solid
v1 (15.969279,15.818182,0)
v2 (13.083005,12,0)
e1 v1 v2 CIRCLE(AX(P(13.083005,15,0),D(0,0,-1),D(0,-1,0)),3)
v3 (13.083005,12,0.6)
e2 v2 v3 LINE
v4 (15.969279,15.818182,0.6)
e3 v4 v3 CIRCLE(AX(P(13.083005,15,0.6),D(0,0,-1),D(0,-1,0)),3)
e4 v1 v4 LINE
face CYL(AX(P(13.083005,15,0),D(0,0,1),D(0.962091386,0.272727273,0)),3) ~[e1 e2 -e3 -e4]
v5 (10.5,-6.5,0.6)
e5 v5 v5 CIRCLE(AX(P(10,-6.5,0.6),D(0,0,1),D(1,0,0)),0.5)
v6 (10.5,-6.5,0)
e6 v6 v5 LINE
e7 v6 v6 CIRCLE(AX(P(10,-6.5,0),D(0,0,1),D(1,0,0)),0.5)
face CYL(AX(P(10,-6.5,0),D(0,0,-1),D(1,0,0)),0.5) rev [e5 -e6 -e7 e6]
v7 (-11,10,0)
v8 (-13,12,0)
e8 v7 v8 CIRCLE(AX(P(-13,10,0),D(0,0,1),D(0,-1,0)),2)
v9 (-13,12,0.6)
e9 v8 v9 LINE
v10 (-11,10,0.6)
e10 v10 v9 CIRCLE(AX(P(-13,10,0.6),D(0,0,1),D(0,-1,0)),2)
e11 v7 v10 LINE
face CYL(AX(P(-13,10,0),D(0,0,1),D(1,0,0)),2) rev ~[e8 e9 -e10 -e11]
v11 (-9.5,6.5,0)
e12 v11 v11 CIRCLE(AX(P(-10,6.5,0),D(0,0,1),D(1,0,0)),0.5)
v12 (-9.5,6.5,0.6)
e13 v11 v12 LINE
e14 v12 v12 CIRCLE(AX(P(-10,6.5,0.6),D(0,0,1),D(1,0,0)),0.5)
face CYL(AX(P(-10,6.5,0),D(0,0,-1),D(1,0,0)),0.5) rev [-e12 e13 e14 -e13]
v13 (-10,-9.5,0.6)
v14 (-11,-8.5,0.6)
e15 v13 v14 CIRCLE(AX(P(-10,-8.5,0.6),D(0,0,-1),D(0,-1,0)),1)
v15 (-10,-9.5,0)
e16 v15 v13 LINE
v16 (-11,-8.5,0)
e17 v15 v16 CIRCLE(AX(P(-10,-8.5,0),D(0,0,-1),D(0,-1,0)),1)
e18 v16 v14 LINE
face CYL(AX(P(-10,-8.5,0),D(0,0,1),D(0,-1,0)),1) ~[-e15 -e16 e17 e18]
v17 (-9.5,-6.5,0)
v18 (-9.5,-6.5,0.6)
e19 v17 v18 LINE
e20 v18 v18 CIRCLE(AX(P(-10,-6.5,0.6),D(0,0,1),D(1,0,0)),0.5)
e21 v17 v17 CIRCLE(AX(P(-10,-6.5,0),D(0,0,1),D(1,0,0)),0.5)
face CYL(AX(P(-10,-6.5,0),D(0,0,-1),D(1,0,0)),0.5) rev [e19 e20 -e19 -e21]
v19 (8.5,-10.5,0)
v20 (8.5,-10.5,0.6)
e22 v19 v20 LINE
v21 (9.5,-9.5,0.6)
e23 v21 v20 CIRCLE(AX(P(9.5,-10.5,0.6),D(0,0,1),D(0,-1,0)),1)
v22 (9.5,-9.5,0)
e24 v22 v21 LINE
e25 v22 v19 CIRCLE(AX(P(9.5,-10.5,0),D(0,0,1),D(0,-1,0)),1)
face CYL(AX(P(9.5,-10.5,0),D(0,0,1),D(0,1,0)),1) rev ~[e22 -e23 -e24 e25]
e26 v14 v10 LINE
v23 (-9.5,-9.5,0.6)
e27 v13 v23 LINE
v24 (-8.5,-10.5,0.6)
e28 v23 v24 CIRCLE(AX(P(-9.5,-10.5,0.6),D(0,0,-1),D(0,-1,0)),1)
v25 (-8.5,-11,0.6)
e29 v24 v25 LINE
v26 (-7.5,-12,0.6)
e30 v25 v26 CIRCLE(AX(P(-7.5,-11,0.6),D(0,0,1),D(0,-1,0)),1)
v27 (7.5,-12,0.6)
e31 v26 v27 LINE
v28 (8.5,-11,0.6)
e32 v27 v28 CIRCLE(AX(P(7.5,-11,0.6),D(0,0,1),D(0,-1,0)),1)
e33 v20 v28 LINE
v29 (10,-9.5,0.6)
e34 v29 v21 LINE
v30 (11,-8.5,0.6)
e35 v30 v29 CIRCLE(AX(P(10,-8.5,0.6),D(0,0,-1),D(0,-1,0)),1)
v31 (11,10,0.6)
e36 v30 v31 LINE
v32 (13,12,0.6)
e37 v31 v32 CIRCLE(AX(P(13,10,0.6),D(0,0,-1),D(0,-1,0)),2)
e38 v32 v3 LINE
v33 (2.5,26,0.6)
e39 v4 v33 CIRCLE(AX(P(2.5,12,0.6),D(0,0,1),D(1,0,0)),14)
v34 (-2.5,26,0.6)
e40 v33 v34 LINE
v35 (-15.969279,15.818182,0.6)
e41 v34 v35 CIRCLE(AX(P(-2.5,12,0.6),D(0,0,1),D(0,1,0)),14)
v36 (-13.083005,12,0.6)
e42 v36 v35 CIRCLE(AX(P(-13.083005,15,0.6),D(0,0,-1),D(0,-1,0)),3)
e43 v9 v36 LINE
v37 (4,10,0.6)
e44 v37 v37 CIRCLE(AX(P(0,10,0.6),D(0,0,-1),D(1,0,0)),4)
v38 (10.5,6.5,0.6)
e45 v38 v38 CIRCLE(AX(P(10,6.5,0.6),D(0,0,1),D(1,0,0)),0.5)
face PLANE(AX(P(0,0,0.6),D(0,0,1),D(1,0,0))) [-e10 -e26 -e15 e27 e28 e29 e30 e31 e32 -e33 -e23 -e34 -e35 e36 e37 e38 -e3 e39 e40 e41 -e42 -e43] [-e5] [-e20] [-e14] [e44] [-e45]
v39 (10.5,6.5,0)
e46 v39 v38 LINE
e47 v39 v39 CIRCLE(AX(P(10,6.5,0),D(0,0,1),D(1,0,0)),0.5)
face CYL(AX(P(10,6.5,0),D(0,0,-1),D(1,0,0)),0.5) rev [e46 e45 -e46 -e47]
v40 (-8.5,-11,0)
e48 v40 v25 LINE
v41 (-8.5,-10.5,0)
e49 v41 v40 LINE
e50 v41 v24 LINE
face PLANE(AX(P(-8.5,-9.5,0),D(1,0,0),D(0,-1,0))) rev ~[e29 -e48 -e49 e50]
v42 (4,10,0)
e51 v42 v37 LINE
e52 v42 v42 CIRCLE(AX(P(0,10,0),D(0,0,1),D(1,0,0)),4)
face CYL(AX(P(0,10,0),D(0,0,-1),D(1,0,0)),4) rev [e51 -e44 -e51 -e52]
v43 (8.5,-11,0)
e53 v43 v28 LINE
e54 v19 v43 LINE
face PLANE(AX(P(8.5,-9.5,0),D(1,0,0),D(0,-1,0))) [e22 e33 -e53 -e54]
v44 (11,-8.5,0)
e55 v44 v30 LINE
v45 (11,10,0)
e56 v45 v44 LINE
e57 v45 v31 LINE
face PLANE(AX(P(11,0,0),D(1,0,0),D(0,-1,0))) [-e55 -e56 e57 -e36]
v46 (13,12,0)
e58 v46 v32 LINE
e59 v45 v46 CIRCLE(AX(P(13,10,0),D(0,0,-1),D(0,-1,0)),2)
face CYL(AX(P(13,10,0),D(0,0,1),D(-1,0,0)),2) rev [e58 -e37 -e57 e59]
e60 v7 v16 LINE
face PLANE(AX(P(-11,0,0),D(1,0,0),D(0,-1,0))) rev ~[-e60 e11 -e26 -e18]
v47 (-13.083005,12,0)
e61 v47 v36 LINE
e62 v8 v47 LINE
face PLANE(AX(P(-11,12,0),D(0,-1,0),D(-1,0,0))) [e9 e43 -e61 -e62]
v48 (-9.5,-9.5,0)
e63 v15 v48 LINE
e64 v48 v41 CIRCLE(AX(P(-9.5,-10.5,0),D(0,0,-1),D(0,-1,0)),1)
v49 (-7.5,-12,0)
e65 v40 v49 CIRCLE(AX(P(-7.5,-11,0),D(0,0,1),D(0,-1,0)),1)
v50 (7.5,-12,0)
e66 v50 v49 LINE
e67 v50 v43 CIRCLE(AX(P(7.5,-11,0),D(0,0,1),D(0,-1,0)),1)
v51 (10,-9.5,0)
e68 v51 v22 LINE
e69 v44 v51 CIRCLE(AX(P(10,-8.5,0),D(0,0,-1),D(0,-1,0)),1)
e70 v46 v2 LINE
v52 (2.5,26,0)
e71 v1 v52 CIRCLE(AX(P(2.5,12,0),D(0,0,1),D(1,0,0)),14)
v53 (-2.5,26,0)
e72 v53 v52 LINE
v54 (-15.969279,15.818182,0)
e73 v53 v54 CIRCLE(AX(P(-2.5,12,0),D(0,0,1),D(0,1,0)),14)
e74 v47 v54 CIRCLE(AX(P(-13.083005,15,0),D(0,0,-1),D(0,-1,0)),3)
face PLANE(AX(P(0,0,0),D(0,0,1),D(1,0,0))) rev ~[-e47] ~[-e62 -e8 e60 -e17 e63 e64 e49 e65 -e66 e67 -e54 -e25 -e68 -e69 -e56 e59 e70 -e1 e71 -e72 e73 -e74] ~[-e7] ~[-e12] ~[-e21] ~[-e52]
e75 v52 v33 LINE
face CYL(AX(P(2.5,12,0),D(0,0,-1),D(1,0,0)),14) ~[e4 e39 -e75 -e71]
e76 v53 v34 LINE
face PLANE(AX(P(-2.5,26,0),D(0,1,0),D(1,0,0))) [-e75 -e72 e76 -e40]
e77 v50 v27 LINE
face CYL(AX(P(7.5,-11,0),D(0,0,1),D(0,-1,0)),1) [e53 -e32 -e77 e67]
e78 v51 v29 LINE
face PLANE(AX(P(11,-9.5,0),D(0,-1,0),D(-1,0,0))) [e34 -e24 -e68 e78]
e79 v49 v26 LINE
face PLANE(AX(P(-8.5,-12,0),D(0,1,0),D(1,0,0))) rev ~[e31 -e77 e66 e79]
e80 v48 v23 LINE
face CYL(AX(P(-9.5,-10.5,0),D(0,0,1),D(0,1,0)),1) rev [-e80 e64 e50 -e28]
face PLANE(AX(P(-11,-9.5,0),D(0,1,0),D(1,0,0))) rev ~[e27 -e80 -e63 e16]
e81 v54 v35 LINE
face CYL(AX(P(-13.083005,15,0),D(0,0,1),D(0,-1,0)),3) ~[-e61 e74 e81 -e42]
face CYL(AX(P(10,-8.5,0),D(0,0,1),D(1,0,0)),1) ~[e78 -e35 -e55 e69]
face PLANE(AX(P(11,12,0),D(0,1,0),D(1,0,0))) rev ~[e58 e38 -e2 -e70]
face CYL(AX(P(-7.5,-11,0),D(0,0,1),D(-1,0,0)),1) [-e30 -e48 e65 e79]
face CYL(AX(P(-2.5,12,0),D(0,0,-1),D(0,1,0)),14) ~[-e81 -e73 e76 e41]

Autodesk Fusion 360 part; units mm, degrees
sketch "スケッチ1" plane through (0, 0, 0) normal (0, 0, 1) x (1, 0, 0)
  line L0 (0, 0) -> (-11, 0)
  line L1 (-11, 0) -> (-11, 12)
  line L2 (-11, 12) -> (0, 12)
  line L3 (0, 12) -> (0, 0)
  line L4 (0, 0) -> (11, 0)
  line L5 (11, 0) -> (11, 12)
  line L6 (11, 12) -> (0, 12)
  line L7 (0, 12) -> (0, 0)
  line L8 (0, 0) -> (-11, 0)
  line L9 (-11, 0) -> (-11, -9.5)
  line L10 (-11, -9.5) -> (0, -9.5)
  line L11 (0, -9.5) -> (0, 0)
  line L12 (0, 0) -> (11, 0)
  line L13 (11, 0) -> (11, -9.5)
  line L14 (11, -9.5) -> (0, -9.5)
  line L15 (0, -9.5) -> (0, 0)
  line L16 (0, -9.5) -> (-8.5, -9.5)
  line L17 (-8.5, -9.5) -> (-8.5, -12)
  line L18 (-8.5, -12) -> (0, -12)
  line L19 (0, -12) -> (0, -9.5)
  line L20 (0, -9.5) -> (8.5, -9.5)
  line L21 (8.5, -9.5) -> (8.5, -12)
  line L22 (8.5, -12) -> (0, -12)
  line L23 (0, -12) -> (0, -9.5)
  line L24 (-11, 12) -> (-16.5, 12)
  line L25 (11, 12) -> (16.5, 12)
  arc A0 (-2.5, 26) -> (-16.5, 12) centre (-2.5, 12) ccw
  arc A1 (16.5, 12) -> (2.5, 26) centre (2.5, 12) ccw
  line L26 (-2.5, 26) -> (2.5, 26)
  circle A2 centre (-10, 6.5) radius 0.5
  circle A3 centre (-10, -6.5) radius 0.5
  circle A4 centre (10, -6.5) radius 0.5
  circle A5 centre (10, 6.5) radius 0.5
  line L27 (0, 12) -> (0, 26)
  circle A6 centre (0, 10) radius 4
  dimension "d1" = 5.5
  dimension "d2" = 11
  dimension "d3" = 12
  dimension "d4" = 26
  dimension "d5" = 1
  dimension "d6" = 6.5
  dimension "d7" = 3
  dimension "d8" = 2.5
  dimension "d9" = 2.5
  dimension "d18" = 1
  dimension "d19" = 10
  dimension "d21" = 8
extrude "押し出し1" add sketch "スケッチ1" along normal blind 0.6 contours L0 L8 L9 L10 L11 L15 L16 | L0 L1 L2 L3 L7 L8 A6 | L3 L4 L5 L6 L7 L12 A6 | L4 L11 L12 L13 L14 L15 L20 | L10 L16 L17 L18 L19 L23 | L14 L19 L20 L21 L22 L23 | L2 L24 A0 L26 L27 A6 | L6 L25 A1 L26 L27 A6
fillet "フィレット1" radius 3 2 edges at (-16.5, 12, 0.3) (16.5, 12, 0.3)
fillet "フィレット1" radius 2 2 edges at (-11, 12, 0.3) (11, 12, 0.3)
fillet "フィレット1" radius 1 6 edges at (-11, -9.5, 0.3) (-8.5, -9.5, 0.3) (-8.5, -12, 0.3) (8.5, -12, 0.3) (8.5, -9.5, 0.3) (11, -9.5, 0.3)
